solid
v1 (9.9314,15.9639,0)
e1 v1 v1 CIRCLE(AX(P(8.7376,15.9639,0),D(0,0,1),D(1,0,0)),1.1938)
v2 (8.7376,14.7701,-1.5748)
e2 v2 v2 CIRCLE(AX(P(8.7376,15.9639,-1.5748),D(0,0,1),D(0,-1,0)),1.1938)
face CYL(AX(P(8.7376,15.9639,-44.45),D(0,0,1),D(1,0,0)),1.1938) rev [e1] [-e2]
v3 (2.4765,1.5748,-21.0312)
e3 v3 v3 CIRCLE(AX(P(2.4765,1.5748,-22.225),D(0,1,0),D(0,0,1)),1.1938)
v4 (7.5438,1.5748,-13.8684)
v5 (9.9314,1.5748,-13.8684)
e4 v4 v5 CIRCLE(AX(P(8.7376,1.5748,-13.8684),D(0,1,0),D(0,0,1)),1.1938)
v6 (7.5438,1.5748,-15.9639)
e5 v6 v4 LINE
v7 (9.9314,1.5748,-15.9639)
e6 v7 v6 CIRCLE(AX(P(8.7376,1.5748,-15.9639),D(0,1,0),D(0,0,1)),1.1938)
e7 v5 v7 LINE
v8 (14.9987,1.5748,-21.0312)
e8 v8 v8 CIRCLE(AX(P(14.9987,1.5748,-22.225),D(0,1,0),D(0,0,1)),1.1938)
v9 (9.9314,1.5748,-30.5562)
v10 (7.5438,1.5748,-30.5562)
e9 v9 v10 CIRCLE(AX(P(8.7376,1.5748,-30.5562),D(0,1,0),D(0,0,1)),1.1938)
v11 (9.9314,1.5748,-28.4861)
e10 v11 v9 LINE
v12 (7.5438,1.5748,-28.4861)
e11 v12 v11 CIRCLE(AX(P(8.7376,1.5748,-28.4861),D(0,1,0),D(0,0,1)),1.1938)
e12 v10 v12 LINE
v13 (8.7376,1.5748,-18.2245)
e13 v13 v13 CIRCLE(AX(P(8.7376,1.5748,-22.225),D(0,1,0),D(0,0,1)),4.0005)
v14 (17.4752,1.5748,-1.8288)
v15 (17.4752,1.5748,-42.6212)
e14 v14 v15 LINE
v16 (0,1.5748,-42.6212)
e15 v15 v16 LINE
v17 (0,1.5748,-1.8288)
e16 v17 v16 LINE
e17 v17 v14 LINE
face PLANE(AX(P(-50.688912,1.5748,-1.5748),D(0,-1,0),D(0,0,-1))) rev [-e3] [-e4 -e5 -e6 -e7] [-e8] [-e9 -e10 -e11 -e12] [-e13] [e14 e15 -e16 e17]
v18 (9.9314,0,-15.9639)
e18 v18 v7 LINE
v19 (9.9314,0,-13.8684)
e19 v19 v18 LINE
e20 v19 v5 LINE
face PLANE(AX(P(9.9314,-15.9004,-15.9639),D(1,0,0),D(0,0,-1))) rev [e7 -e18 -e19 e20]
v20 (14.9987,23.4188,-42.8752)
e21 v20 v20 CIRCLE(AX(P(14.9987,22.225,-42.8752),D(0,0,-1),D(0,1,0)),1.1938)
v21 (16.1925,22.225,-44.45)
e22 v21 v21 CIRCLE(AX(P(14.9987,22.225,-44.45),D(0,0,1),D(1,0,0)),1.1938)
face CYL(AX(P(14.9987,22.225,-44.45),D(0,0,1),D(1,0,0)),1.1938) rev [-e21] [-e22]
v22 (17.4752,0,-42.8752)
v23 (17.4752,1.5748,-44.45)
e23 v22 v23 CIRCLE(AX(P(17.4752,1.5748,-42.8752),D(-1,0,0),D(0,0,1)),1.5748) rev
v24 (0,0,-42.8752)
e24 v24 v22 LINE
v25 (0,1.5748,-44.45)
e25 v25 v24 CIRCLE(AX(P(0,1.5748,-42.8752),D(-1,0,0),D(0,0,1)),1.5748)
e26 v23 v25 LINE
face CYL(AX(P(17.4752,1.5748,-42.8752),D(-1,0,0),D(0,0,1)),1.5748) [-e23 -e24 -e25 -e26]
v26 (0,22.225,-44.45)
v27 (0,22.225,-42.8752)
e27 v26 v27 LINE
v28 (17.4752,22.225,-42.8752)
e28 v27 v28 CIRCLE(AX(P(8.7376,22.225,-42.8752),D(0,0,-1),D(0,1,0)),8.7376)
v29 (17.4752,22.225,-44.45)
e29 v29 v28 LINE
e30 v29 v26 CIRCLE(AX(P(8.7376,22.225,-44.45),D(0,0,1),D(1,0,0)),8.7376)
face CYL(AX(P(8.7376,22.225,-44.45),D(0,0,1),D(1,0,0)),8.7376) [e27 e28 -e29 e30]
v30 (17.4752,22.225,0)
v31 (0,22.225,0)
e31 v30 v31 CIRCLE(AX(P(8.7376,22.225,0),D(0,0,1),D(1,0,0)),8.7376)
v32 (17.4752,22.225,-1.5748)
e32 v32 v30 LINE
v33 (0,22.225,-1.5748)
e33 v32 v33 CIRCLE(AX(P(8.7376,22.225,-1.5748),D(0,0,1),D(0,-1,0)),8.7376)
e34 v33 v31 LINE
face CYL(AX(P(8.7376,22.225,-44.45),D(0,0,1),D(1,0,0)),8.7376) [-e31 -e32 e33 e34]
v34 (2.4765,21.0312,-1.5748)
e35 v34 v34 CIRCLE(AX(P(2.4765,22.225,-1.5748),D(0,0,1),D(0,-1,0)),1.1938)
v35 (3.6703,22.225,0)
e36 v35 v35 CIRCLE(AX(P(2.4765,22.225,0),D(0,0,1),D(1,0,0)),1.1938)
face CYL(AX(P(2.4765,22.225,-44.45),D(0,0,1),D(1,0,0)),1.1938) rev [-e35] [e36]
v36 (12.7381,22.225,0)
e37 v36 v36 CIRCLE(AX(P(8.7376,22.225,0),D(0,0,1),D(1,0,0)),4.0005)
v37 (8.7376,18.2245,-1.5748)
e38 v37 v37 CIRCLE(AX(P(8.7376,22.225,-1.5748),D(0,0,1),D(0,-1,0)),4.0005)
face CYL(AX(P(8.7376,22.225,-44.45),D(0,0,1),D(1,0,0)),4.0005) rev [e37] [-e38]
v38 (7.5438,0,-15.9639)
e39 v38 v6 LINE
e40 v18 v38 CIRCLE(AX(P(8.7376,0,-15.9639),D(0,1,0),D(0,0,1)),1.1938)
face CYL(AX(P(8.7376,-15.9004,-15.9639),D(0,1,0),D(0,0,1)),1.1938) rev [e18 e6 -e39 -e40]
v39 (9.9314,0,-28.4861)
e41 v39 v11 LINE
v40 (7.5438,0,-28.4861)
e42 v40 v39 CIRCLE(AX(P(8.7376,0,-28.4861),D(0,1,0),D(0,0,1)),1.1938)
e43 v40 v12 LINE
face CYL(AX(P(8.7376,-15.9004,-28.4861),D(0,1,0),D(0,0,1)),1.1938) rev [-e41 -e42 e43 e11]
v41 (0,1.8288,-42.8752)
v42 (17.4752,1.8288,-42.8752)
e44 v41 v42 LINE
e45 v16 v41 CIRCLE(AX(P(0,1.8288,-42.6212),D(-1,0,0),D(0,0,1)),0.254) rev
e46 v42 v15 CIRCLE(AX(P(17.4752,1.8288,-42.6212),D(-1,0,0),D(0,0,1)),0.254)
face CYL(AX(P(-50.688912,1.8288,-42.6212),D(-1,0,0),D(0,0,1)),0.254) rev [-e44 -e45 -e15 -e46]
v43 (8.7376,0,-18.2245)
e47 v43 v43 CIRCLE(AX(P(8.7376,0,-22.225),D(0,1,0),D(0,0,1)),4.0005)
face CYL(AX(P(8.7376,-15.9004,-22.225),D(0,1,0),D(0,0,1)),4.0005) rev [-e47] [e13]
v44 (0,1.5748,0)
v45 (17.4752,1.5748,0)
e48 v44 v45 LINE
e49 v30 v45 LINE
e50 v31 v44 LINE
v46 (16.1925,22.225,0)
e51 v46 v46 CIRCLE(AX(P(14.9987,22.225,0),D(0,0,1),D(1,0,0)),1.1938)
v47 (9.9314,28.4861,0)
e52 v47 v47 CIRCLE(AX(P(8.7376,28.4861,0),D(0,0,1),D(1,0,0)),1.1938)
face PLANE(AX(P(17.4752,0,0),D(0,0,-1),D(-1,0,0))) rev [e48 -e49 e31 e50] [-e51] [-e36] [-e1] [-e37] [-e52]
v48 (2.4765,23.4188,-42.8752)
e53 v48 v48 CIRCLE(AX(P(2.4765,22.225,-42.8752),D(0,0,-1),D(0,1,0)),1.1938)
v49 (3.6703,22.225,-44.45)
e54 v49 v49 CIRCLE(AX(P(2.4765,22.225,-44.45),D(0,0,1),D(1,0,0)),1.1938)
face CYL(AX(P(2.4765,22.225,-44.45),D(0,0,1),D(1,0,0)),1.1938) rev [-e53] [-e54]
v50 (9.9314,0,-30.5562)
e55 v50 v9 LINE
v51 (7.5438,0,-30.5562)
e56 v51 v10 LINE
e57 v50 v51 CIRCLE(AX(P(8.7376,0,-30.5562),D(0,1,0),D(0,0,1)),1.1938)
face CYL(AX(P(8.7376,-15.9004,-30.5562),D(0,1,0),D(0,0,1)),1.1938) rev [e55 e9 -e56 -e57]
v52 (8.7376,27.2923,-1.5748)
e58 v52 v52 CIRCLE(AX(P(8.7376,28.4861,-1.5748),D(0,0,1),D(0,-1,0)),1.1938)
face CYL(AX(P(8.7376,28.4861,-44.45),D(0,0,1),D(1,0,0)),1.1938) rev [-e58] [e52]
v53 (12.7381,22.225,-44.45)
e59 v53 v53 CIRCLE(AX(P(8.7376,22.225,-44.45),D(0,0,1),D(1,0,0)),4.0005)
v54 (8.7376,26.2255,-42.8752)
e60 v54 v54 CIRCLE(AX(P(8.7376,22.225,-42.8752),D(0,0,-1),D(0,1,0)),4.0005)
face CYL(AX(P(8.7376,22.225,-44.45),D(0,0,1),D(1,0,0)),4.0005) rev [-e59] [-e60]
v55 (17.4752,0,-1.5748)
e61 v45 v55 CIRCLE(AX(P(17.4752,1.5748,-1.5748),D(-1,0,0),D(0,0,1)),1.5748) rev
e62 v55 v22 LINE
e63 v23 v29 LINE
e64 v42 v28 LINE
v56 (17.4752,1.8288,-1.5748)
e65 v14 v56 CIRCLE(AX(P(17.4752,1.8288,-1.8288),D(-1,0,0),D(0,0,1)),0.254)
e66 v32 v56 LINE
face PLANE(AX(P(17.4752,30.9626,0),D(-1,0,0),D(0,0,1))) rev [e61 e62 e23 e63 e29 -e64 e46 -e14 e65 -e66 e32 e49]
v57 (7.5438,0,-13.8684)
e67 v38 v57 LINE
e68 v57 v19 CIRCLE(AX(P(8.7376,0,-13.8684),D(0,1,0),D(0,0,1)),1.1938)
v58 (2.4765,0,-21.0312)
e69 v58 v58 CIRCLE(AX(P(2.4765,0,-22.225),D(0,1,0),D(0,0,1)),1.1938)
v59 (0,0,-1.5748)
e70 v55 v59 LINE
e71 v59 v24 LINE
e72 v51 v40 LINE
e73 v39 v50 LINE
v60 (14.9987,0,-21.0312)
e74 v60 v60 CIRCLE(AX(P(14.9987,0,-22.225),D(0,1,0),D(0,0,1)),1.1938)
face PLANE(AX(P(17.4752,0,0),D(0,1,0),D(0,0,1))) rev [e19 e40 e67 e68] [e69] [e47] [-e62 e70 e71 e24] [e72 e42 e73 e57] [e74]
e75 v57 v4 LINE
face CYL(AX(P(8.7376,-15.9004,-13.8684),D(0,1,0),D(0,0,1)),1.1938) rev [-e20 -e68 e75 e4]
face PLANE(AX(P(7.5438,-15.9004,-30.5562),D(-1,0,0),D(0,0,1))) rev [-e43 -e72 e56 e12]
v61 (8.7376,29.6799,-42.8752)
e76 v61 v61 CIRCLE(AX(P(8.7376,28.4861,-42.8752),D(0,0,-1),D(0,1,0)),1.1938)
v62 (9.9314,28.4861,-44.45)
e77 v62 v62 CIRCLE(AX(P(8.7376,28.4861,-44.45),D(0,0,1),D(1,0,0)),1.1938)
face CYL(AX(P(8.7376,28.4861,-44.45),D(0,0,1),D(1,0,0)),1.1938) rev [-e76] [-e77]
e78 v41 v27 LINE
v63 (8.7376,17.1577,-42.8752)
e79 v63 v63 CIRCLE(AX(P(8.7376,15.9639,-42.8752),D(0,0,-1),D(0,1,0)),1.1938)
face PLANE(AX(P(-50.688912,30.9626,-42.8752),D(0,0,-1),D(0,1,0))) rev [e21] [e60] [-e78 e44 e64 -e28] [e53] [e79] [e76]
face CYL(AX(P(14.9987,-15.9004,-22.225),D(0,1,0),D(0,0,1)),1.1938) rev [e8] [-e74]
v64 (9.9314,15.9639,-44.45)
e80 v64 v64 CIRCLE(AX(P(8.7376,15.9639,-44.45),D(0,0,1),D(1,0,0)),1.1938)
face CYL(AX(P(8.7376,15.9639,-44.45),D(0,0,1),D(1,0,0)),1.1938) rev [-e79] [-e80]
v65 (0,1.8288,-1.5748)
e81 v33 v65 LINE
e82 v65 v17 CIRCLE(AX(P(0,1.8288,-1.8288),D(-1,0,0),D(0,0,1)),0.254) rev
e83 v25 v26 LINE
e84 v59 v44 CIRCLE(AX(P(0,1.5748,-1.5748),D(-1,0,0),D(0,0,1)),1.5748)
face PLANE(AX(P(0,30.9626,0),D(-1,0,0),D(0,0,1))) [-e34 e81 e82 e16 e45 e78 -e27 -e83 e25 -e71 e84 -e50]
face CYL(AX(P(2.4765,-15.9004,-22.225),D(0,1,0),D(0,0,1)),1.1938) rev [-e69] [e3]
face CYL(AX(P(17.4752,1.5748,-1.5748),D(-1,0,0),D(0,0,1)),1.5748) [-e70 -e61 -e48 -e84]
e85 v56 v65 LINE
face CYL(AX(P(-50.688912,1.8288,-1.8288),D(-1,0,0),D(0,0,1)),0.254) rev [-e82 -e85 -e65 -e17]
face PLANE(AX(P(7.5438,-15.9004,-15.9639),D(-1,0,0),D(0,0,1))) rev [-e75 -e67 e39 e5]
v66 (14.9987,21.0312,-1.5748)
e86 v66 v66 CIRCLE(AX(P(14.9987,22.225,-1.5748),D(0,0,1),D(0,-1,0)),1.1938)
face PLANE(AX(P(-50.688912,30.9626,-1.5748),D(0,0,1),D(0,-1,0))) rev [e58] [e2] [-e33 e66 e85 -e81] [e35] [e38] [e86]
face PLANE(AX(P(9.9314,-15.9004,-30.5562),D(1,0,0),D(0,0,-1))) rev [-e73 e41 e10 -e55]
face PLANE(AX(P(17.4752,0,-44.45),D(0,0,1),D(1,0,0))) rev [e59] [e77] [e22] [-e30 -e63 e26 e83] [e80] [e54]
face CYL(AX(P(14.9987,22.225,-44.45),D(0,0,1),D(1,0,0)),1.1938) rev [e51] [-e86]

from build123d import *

# Parameters (mm, degrees)
SKETCH1_W         = 44.45
SKETCH1_H         = 30.9626
EXTRUDE1_DEPTH    = 17.4752
SKETCH2_W         = 41.3004
SKETCH2_H         = 29.3878
EXTRUDE2_DEPTH    = 17.4752
SKETCH3_OUTSIDE_W = 30.859
SKETCH3_OUTSIDE_H = 44.347
EXTRUDE3_DEPTH    = 45.45
SKETCH4_R         = 4.0005
SKETCH4_R_2       = 1.1938
EXTRUDE4_DEPTH    = 45.45
SKETCH5_R         = 4.0005
SKETCH5_R_2       = 1.1938
EXTRUDE5_DEPTH    = 17.4752
FILLET1_R         = 1.5748
FILLET2_R         = 0.254


with BuildPart() as part:
    # Sketch1 → Extrude1 (new body)
    with BuildSketch(Plane(origin=(0, 0, 0), x_dir=(0, 0, -1), z_dir=(1, 0, 0))):
        with Locations((22.225, 15.4813)):
            Rectangle(SKETCH1_W, SKETCH1_H)
    extrude(amount=EXTRUDE1_DEPTH)

    # Sketch2 → Extrude2 (cut)
    with BuildSketch(Plane(origin=(17.4752, 0, 0), x_dir=(0, 0, -1), z_dir=(1, 0, 0))):
        with Locations((22.225, 16.2687)):
            Rectangle(SKETCH2_W, SKETCH2_H)
    extrude(amount=-EXTRUDE2_DEPTH, mode=Mode.SUBTRACT)

    # Sketch3 outside → Extrude3 (cut, through all)
    with BuildSketch(Plane.XY):
        with Locations((8.7375, 15.4815)):
            Rectangle(SKETCH3_OUTSIDE_W, SKETCH3_OUTSIDE_H)
        with BuildLine():
            Line((0, 22.225), (0, 0))
            Line((0, 0), (17.4752, 0))
            Line((17.4752, 0), (17.4752, 22.225))
            ThreePointArc((17.4752, 22.225), (8.7376, 30.9626), (0, 22.225))
        make_face(mode=Mode.SUBTRACT)
    extrude(amount=-EXTRUDE3_DEPTH, mode=Mode.SUBTRACT)

    # Sketch4 → Extrude4 (cut, through all)
    with BuildSketch(Plane.XY):
        with Locations((8.7376, 22.225)):
            Circle(SKETCH4_R)
        with Locations((2.4765, 22.225)):
            Circle(SKETCH4_R_2)
        with Locations((14.9987, 22.225)):
            Circle(SKETCH4_R_2)
        with Locations((8.7376, 15.9639)):
            Circle(SKETCH4_R_2)
        with Locations((8.7376, 28.4861)):
            Circle(SKETCH4_R_2)
    extrude(amount=-EXTRUDE4_DEPTH, mode=Mode.SUBTRACT)

    # Sketch5 → Extrude5 (cut)
    with BuildSketch(Plane(origin=(0, 1.5748, 0), x_dir=(1, 0, 0), z_dir=(0, 1, 0))):
        with Locations(Location((8.7376, 22.225, 0), (0, 0, 270))):  # turned: the seam where the file's is
            Circle(SKETCH5_R)
        with Locations(Location((2.4765, 22.225, 0), (0, 0, 270))):  # turned: the seam where the file's is
            Circle(SKETCH5_R_2)
        with Locations(Location((14.9987, 22.225, 0), (0, 0, 270))):  # turned: the seam where the file's is
            Circle(SKETCH5_R_2)
        with BuildLine():
            Line((9.9314, 30.5562), (9.9314, 28.4861))
            ThreePointArc((9.9314, 28.4861), (8.7376, 27.2923), (7.5438, 28.4861))
            Line((7.5438, 28.4861), (7.5438, 30.5562))
            ThreePointArc((7.5438, 30.5562), (8.7376, 31.75), (9.9314, 30.5562))
        make_face()
        with BuildLine():
            Line((7.5438, 15.9639), (7.5438, 13.8684))
            ThreePointArc((7.5438, 13.8684), (8.7376, 12.6746), (9.9314, 13.8684))
            Line((9.9314, 13.8684), (9.9314, 15.9639))
            ThreePointArc((9.9314, 15.9639), (8.7376, 17.1577), (7.5438, 15.9639))
        make_face()
    extrude(amount=-EXTRUDE5_DEPTH, mode=Mode.SUBTRACT)

    # Fillet1
    fillet1_edges = [part.edges().sort_by_distance(p)[0] for p in [
        (8.7376, 0, -44.45),
        (8.7376, 0, 0),
    ]]
    fillet(fillet1_edges, radius=FILLET1_R)

    # Fillet2
    fillet2_edges = [part.edges().sort_by_distance(p)[0] for p in [
        (8.7376, 1.5748, -42.8752),
        (8.7376, 1.5748, -1.5748),
    ]]
    fillet(fillet2_edges, radius=FILLET2_R)


solid = part.part
